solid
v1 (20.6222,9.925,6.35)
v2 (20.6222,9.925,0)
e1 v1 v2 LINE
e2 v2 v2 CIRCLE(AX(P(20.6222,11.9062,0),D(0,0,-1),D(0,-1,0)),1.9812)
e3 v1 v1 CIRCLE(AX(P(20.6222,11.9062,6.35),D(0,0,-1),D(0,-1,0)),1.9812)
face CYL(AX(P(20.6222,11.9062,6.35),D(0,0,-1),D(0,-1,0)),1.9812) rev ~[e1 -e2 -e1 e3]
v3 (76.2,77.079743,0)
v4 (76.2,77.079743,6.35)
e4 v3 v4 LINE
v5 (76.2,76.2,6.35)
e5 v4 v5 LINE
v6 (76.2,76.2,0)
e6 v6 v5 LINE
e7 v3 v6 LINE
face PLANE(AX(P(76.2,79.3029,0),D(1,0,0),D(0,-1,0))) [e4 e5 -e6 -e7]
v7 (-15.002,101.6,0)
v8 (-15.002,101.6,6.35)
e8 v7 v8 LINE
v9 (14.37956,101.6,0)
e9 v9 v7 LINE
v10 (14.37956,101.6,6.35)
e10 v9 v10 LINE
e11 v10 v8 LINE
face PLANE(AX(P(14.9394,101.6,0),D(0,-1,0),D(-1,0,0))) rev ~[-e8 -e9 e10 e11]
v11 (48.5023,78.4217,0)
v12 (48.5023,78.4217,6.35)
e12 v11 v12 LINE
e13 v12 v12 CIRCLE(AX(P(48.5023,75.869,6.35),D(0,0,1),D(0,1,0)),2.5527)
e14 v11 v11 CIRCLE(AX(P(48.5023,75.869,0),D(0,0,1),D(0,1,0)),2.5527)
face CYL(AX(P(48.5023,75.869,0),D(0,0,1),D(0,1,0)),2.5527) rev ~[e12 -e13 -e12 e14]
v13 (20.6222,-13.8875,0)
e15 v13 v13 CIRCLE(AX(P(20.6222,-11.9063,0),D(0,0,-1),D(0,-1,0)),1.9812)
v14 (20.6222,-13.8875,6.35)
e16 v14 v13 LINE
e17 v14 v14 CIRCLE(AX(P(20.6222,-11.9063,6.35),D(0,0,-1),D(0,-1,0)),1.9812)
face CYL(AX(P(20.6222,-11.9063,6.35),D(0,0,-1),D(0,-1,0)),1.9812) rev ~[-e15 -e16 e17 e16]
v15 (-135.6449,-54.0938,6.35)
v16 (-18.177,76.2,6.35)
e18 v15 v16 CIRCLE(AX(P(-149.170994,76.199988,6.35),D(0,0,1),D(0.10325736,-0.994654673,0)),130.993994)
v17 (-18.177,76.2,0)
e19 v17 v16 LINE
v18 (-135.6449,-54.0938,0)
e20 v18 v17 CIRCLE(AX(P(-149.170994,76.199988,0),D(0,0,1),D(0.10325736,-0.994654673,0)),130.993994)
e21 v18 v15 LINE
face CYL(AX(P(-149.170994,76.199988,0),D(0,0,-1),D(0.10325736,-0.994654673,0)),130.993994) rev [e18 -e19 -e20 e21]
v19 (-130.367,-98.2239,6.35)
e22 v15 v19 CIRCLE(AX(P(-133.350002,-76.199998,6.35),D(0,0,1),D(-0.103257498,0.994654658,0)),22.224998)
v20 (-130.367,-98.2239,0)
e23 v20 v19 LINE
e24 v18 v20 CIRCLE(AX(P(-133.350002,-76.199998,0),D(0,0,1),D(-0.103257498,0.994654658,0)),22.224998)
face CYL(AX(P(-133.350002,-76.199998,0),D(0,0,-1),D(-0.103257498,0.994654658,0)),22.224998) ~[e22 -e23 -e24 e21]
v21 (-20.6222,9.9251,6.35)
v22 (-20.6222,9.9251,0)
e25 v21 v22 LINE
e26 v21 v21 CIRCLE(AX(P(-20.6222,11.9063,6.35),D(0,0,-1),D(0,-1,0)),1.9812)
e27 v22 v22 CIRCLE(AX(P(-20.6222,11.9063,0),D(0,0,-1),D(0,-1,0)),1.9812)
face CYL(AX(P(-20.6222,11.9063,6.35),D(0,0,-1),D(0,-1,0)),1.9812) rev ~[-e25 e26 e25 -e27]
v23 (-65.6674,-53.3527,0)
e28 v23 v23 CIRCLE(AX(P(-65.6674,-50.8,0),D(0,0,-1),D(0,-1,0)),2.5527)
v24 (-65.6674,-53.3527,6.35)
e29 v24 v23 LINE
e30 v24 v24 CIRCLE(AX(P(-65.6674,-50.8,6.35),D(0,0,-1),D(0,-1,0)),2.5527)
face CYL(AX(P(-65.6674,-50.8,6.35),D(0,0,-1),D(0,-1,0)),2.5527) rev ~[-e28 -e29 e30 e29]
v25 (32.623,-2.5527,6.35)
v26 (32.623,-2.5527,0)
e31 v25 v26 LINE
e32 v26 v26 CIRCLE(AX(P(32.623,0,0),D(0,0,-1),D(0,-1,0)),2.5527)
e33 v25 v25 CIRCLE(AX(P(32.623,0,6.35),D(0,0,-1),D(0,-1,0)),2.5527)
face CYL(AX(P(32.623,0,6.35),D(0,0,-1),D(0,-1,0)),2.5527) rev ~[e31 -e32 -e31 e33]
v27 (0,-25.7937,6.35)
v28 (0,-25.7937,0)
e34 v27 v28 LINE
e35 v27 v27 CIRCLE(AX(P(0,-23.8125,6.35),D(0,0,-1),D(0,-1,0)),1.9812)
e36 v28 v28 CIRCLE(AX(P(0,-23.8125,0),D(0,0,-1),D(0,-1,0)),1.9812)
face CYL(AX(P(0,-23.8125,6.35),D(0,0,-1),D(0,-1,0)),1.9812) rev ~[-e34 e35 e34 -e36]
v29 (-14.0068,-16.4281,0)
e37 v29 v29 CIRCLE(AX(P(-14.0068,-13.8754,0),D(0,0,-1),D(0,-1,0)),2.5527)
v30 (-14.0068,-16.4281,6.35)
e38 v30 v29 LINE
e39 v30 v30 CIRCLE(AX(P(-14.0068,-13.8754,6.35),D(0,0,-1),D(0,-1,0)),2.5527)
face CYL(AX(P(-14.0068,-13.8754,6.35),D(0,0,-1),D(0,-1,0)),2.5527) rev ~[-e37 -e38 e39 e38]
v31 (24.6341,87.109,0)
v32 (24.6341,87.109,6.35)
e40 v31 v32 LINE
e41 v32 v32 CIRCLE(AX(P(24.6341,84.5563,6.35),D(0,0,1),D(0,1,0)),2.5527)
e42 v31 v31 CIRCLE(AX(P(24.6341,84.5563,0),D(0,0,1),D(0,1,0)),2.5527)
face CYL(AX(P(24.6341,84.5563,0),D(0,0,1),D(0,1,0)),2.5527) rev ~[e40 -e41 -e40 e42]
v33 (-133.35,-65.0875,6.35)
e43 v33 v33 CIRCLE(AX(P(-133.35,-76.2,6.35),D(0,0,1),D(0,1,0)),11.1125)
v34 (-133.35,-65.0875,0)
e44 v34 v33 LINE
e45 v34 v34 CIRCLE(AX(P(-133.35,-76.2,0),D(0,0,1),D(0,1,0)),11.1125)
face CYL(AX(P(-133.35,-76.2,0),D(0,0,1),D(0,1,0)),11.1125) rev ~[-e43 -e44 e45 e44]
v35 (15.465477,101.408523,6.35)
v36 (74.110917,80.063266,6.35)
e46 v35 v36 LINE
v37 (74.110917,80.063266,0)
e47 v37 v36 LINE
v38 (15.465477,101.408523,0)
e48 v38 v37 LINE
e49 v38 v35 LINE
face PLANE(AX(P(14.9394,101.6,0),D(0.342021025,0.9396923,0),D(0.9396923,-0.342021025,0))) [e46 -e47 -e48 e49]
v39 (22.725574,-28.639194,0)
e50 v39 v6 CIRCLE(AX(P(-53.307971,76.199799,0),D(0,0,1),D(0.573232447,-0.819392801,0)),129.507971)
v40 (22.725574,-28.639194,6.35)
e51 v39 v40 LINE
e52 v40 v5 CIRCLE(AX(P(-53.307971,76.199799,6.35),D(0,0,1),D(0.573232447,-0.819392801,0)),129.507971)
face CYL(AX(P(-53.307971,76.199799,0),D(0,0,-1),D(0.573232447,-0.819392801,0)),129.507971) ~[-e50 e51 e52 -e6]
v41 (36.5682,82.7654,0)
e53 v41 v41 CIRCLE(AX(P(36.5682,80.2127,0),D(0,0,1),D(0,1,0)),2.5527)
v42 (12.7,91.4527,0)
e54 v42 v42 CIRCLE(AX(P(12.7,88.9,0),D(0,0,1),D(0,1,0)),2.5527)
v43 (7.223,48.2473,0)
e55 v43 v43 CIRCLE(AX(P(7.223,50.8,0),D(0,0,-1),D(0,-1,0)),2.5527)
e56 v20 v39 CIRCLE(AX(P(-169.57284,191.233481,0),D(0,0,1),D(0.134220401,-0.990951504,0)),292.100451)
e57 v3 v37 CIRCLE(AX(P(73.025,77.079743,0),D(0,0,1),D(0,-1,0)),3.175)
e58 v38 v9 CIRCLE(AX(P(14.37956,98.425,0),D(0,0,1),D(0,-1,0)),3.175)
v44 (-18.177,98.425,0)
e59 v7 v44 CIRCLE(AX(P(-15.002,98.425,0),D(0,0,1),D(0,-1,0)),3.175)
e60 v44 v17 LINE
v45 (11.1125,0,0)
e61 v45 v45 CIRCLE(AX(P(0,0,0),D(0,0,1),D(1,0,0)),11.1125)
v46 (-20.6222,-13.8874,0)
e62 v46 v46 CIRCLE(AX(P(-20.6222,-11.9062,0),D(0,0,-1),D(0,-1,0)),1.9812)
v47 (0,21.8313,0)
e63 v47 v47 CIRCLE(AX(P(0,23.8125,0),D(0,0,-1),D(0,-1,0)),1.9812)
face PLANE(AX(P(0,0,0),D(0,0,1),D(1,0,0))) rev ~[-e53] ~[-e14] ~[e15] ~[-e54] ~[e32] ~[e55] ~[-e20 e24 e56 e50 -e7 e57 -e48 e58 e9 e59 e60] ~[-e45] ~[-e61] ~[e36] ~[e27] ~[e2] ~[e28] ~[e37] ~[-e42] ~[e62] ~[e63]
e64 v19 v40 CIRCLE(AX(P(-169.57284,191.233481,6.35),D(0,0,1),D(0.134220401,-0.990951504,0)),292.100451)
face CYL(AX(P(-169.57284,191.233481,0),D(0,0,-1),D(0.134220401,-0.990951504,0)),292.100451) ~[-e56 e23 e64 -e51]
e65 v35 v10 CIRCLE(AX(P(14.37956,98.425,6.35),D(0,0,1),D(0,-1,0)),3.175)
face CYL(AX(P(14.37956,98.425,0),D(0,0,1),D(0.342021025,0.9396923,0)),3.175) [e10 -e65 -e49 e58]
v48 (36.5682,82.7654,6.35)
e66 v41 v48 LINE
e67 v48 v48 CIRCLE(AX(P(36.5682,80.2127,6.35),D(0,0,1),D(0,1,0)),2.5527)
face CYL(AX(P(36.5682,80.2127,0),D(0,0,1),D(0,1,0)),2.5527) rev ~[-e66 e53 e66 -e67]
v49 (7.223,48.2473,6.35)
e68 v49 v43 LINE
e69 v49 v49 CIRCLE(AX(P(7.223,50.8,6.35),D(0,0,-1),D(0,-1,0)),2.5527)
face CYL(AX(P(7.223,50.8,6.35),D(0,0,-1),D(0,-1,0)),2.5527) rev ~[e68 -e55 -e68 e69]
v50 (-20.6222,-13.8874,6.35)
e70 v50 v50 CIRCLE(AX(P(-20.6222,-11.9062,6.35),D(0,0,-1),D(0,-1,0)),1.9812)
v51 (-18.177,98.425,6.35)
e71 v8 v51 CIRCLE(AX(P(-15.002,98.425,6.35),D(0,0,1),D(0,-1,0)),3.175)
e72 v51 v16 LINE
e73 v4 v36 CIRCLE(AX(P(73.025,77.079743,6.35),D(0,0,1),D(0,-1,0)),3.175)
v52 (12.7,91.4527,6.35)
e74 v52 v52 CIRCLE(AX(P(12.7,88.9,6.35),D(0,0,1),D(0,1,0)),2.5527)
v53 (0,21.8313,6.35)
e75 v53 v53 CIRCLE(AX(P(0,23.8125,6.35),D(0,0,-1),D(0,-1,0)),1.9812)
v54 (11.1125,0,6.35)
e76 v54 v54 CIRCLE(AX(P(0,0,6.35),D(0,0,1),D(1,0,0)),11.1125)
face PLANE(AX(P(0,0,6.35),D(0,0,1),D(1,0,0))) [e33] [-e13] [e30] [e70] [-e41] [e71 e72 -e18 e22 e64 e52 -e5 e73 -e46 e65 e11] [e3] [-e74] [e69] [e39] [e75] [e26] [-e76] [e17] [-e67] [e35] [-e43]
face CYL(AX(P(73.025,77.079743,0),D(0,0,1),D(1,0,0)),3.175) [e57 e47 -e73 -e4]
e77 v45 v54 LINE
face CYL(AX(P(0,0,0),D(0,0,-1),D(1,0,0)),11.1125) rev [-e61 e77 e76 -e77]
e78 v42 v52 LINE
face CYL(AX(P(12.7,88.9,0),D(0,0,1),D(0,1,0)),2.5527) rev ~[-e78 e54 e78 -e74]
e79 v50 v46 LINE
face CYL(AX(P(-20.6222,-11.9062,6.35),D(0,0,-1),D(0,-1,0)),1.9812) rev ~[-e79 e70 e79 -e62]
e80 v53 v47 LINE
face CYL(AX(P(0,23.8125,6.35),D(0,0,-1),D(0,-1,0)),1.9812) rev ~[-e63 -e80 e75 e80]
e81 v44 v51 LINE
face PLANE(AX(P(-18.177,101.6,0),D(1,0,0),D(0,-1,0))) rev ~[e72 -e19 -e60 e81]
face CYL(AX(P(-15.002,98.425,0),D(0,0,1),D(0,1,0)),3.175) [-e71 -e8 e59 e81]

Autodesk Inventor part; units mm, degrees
ref_plane "YZ Plane" through (0, 0, 0) normal (1, 0, 0) x (0, 1, 0)
ref_plane "XZ Plane" through (0, 0, 0) normal (0, 1, 0) x (-1, 0, 0)
ref_plane "XY Plane" through (0, 0, 0) normal (0, 0, 1) x (1, 0, 0)
sketch "Sketch1" plane through (0, 0, 0) normal (0, 0, 1) x (1, 0, 0)
  line L0 (-146.05, 101.6) -> (76.2, 101.6) construction
  line L1 (76.2, 101.6) -> (76.2, 76.2) construction
  line L2 (76.2, 76.2) -> (-146.05, 76.2) construction
  line L3 (-146.05, 76.2) -> (-146.05, 101.6) construction
  circle A0 centre (-133.35, -76.2) radius 12.7 construction
  circle A1 centre (0, 0) radius 23.8125 construction
  circle A2 centre (0, 0) radius 11.1125
  circle A3 centre (0, 0) radius 36.5125 construction
  line L4 (76.2, 101.6) -> (76.2, 76.2)
  line L5 (76.2, 101.6) -> (-18.177, 101.6)
  line L6 (-18.177, 101.6) -> (-18.177, 76.2)
  circle A4 centre (-133.35, -76.2) radius 22.225 construction
  arc A5 (-135.6449, -54.0938) -> (-18.177, 76.2) centre (-149.171, 76.2) ccw
  arc A6 (-130.367, -98.2239) -> (24.2247, -27.319) centre (-169.5727, 191.233) ccw
  arc A7 (-135.6449, -54.0938) -> (-130.367, -98.2239) centre (-133.35, -76.2) ccw
  arc A8 (20.9302, -29.9181) -> (76.2, 76.2) centre (-53.3082, 76.2) ccw
  arc A9 (24.2247, -27.319) -> (30.9373, -19.3918) centre (0, 0) ccw
  line L7 (-69.85, 101.6) -> (-69.85, 76.2) construction
  line L8 (12.7, 88.9) -> (75.7926, 65.9362) construction
  line L9 (14.9394, 101.6) -> (76.2, 79.3029)
  point P0 (63.5, 88.9)
  point P1 (76.2, 88.9)
  point P2 (50.8, 88.9)
  point P3 (38.1, 88.9)
  point P4 (25.4, 88.9)
  point P5 (20.9302, -29.9181)
  point P6 (-34.5726, 11.7429)
  point P7 (22.7258, -28.6389)
  point P8 (-69.85, 88.9)
  point P9 (24.6341, 84.5563)
  point P10 (36.5682, 80.2127)
  point P11 (48.5023, 75.869)
  dimension "d0" = 25.4
  dimension "d1" = 76.2
  dimension "d2" = 222.25
  dimension "d3" = 146.05
  dimension "d4" = 25.4
  dimension "d5" = 76.2
  dimension "d7" = 12.7
  dimension "d8" = 47.625
  dimension "d9" = 22.225
  dimension "d12" = 12.7
  dimension "d17" = 12.7
  dimension "d18" = 9.525
  dimension "d19" = 292.1
  dimension "d37" = 146.05
  dimension "d38" = 63.5
  dimension "d39" = 20
  dimension "d42" = 12.7
  dimension "d47" = 12.7
extrude "Extrusion1" add sketch "Sketch1" along normal blind 6.35 contours L4 A8 A6 A7 A5 L6 L5 L9
hole "Hole1" at (36.5682, 80.2127, 0) at (48.5023, 75.869, 0) at (24.6341, 84.5563, 0) at (12.7, 88.9, 0) direction (0, 0, 1) diameter 5.1054 end through all clearance for "Flat Head Machine Screw (82)" size "#10" standard "Ansi Unified Screw Threads"
hole "Hole2" at (-133.35, -76.2, 0) direction (0, 0, 1) diameter 22.225 end through all
fillet "Fillet1" radius 3.175 3 edges at (76.2, 79.3029, 3.175) (14.9394, 101.6, 3.175) (-18.177, 101.6, 3.175)
sketch "Sketch3" plane through (0, 0, 6.35) normal (0, 0, 1) x (1, 0, 0)
  arc A0 (-15.002, 101.6) -> (-18.177, 98.425) centre (-15.002, 98.425) ccw construction
  line L0 (-18.177, 98.425) -> (-18.177, 76.2) construction
  arc A1 (-135.6449, -54.0938) -> (-18.177, 76.2) centre (-149.171, 76.2) ccw construction
  arc A2 (-135.6449, -54.0938) -> (-130.367, -98.2239) centre (-133.35, -76.2) ccw construction
  arc A3 (-130.367, -98.2239) -> (22.7258, -28.6389) centre (-169.5727, 191.233) ccw construction
  arc A4 (22.7258, -28.6389) -> (76.2, 76.2) centre (-53.3082, 76.2) ccw construction
  line L1 (76.2, 76.2) -> (76.2, 77.0798) construction
  arc A5 (76.2, 77.0798) -> (74.1109, 80.0633) centre (73.025, 77.0798) ccw construction
  line L2 (74.1109, 80.0633) -> (15.4654, 101.4085) construction
  arc A6 (15.4654, 101.4085) -> (14.3795, 101.6) centre (14.3795, 98.425) ccw construction
  line L3 (14.3795, 101.6) -> (-15.002, 101.6) construction
  circle A7 centre (-133.35, -76.2) radius 11.1125 construction
  circle A8 centre (24.6341, 84.5563) radius 2.5527 construction
  circle A9 centre (36.5682, 80.2127) radius 2.5527 construction
  circle A10 centre (48.5023, 75.869) radius 2.5527 construction
  circle A11 centre (12.7, 88.9) radius 2.5527 construction
  circle A12 centre (0, 0) radius 11.1125 construction
  circle A13 centre (0, 0) radius 23.8125 construction
  point P0 (0, 23.8125)
  point P1 (-20.6222, 11.9063)
  point P2 (-20.6222, -11.9062)
  point P3 (0, -23.8125)
  point P4 (20.6222, -11.9063)
  point P5 (20.6222, 11.9062)
  dimension "d49" = 47.625
  dimension "d52" = 360
hole "Hole3" at (0, 23.8125, 6.35) at (-20.6222, 11.9063, 6.35) at (-20.6222, -11.9062, 6.35) at (0, -23.8125, 6.35) at (20.6222, -11.9063, 6.35) at (20.6222, 11.9062, 6.35) direction (0, 0, -1) diameter 3.9624 end through all thread size "10-32 UNF" class "2B" standard "ANSI Unified Screw Threads"
sketch "Sketch6" plane through (0, 0, 6.35) normal (0, 0, 1) x (1, 0, 0)
  line L0 (14.3795, 101.6) -> (-15.002, 101.6) construction
  line L1 (-18.177, 98.425) -> (-18.177, 76.2) construction
  circle A0 centre (20.6222, -11.9063) radius 1.9812 construction
  circle A1 centre (-20.6222, -11.9062) radius 1.9812 construction
  circle A2 centre (0, 23.8125) radius 1.9812 construction
  circle A3 centre (-20.6222, 11.9063) radius 1.9812 construction
  circle A4 centre (0, -23.8125) radius 1.9812 construction
  circle A5 centre (20.6222, 11.9062) radius 1.9812 construction
  arc A6 (-15.002, 101.6) -> (-18.177, 98.425) centre (-15.002, 98.425) ccw construction
  line L2 (-18.177, 98.425) -> (-18.177, 76.2) construction
  arc A7 (-135.6449, -54.0938) -> (-18.177, 76.2) centre (-149.171, 76.2) ccw construction
  arc A8 (-135.6449, -54.0938) -> (-130.367, -98.2239) centre (-133.35, -76.2) ccw construction
  arc A9 (-130.367, -98.2239) -> (22.7258, -28.6389) centre (-169.5727, 191.233) ccw construction
  arc A10 (22.7258, -28.6389) -> (76.2, 76.2) centre (-53.3082, 76.2) ccw construction
  line L3 (76.2, 76.2) -> (76.2, 77.0798) construction
  arc A11 (76.2, 77.0798) -> (74.1109, 80.0633) centre (73.025, 77.0798) ccw construction
  line L4 (74.1109, 80.0633) -> (15.4654, 101.4085) construction
  arc A12 (15.4654, 101.4085) -> (14.3795, 101.6) centre (14.3795, 98.425) ccw construction
  line L5 (14.3795, 101.6) -> (-15.002, 101.6) construction
  circle A13 centre (-133.35, -76.2) radius 11.1125 construction
  circle A14 centre (24.6341, 84.5563) radius 2.5527 construction
  circle A15 centre (36.5682, 80.2127) radius 2.5527 construction
  circle A16 centre (48.5023, 75.869) radius 2.5527 construction
  circle A17 centre (12.7, 88.9) radius 2.5527 construction
  circle A18 centre (0, 0) radius 11.1125 construction
  circle A19 centre (-133.35, -76.2) radius 11.1125 construction
  arc A20 (-133.35, -76.2) -> (0, 0) centre (-190.0979, 177.8901) ccw construction
  point P0 (7.223, 50.8)
  point P1 (32.623, 0)
  point P2 (-65.6674, -50.8)
  point P3 (-14.0068, -13.8754)
  dimension "d76" = 50.8
  dimension "d77" = 50.8
  dimension "d78" = 25.4
  dimension "d79" = 25.4
  dimension "d91" = 260.35
  dimension "d92" = 63.5
  dimension "d93" = 25.4
hole "Hole4" at (7.223, 50.8, 6.35) at (32.623, 0, 6.35) at (-65.6674, -50.8, 6.35) at (-14.0068, -13.8754, 6.35) direction (0, 0, -1) diameter 5.1054 end through all clearance for "Flat Head Machine Screw (82)" size "#10" standard "Ansi Unified Screw Threads"
sketch "Sketch4" plane through (0, 0, 6.35) normal (0, 0, 1) x (1, 0, 0)
  circle A0 centre (20.6222, -11.9063) radius 1.9812 construction
  circle A1 centre (-20.6222, -11.9062) radius 1.9812 construction
  circle A2 centre (0, 23.8125) radius 1.9812 construction
  circle A3 centre (-20.6222, 11.9063) radius 1.9812 construction
  circle A4 centre (0, -23.8125) radius 1.9812 construction
  circle A5 centre (20.6222, 11.9062) radius 1.9812 construction
  arc A6 (-5.9095, 152.4) -> (-9.0845, 149.225) centre (-5.9095, 149.225) ccw construction
  line L0 (-9.0845, 149.225) -> (-9.0845, 127) construction
  arc A7 (-144.4803, -107.7629) -> (-9.0845, 127) centre (-280.3101, 127) ccw construction
  arc A8 (-144.4803, -107.7629) -> (-126.1231, -148.0172) centre (-133.35, -127) ccw construction
  arc A9 (-126.1231, -148.0172) -> (30.851, -19.5766) centre (-221.1051, 128.2089) ccw construction
  arc A10 (30.851, -19.5766) -> (76.2, 127) centre (-183.3562, 127) ccw construction
  line L1 (76.2, 127) -> (76.2, 127.8798) construction
  arc A11 (76.2, 127.8798) -> (74.1109, 130.8633) centre (73.025, 127.8798) ccw construction
  line L2 (74.1109, 130.8633) -> (15.4654, 152.2085) construction
  arc A12 (15.4654, 152.2085) -> (14.3795, 152.4) centre (14.3795, 149.225) ccw construction
  line L3 (14.3795, 152.4) -> (-5.9095, 152.4) construction
  circle A13 centre (-133.35, -127) radius 11.1125 construction
  circle A14 centre (24.6341, 135.3563) radius 2.5527 construction
  circle A15 centre (36.5682, 131.0127) radius 2.5527 construction
  circle A16 centre (48.5023, 126.669) radius 2.5527 construction
  circle A17 centre (12.7, 139.7) radius 2.5527 construction
  circle A18 centre (0, 0) radius 11.1125 construction
  circle A19 centre (0, 0) radius 30.1625 construction
  arc A20 (25.4856, -16.173) -> (69.8464, 125.6579) centre (-183.3562, 127) ccw construction
  arc A21 (-128.1879, -142.0123) -> (25.4856, -16.173) centre (-221.1051, 128.2089) ccw construction
  arc A22 (-141.3002, -113.2592) -> (-128.1879, -142.0123) centre (-133.35, -127) ccw construction
  arc A23 (-141.3002, -113.2592) -> (-2.7345, 127) centre (-280.3101, 127) ccw construction
  line L4 (-2.7345, 127) -> (-2.7345, 146.05) construction
  line L5 (-2.7345, 146.05) -> (13.8197, 146.05) construction
  line L6 (69.8464, 125.6579) -> (13.8197, 146.05) construction
  circle A24 centre (12.7, 139.7) radius 8.9027 construction
  circle A25 centre (24.6341, 84.5563) radius 2.5527 construction
  circle A26 centre (24.6341, 135.3563) radius 8.9027 construction
  circle A27 centre (36.5682, 131.0127) radius 8.9027 construction
  circle A28 centre (48.5023, 126.669) radius 8.9027 construction
  circle A29 centre (-133.35, -127) radius 17.4625 construction
  arc A30 (-18.2433, 35.5165) -> (-2.7345, 127) centre (-280.3101, 127) ccw
  arc A31 (38.1257, 4.2843) -> (69.8464, 125.6579) centre (-183.3562, 127) ccw
  arc A32 (-135.2217, -109.6381) -> (-36.2919, -5.3003) centre (-280.3101, 127) ccw
  arc A33 (-121.1415, -139.4856) -> (-135.2217, -109.6381) centre (-133.35, -127) ccw
  line L7 (-18.2433, 35.5165) -> (-7.0656, 29.3233)
  line L8 (38.1257, 4.2843) -> (28.6082, 9.5576)
  line L9 (14.5187, -33.4528) -> (7.0656, -29.3233)
  line L10 (-36.2919, -5.3003) -> (-28.6082, -9.5576)
  arc A34 (-121.1415, -139.4856) -> (14.5187, -33.4528) centre (-221.1051, 128.2089) ccw
  circle A35 centre (0, 0) radius 11.1125 construction
  arc A36 (-28.6082, -9.5576) -> (7.0656, -29.3233) centre (0, 0) ccw
  arc A37 (28.6082, 9.5576) -> (-7.0656, 29.3233) centre (0, 0) ccw
  arc A38 (40.4011, 122.9773) -> (56.5376, 130.5019) centre (48.5023, 126.669) ccw
  arc A39 (28.467, 127.321) -> (40.4011, 122.9773) centre (36.5682, 131.0127) ccw
  arc A40 (16.5329, 131.6646) -> (28.467, 127.321) centre (24.6341, 135.3563) ccw
  arc A41 (6.4602, 133.35) -> (16.5329, 131.6646) centre (12.7, 139.7) ccw
  line L11 (6.4602, 133.35) -> (-2.7345, 133.35)
  line L12 (-2.7345, 133.35) -> (-2.7345, 127)
  line L13 (69.8464, 125.6579) -> (56.5376, 130.5019)
  dimension "d62" = 6.35
  dimension "d63" = 6.35
  dimension "d64" = 6.35
  dimension "d65" = 6.35
  dimension "d66" = 6.35
  dimension "d67" = 6.35
  dimension "d68" = 22.225
  dimension "d69" = 22.225
  dimension "d70" = 12.7
  dimension "d74" = 351.8694
  dimension "d75" = 127.1124
properties part number "CL7-008" material "Polycarbonate, Smoke"
